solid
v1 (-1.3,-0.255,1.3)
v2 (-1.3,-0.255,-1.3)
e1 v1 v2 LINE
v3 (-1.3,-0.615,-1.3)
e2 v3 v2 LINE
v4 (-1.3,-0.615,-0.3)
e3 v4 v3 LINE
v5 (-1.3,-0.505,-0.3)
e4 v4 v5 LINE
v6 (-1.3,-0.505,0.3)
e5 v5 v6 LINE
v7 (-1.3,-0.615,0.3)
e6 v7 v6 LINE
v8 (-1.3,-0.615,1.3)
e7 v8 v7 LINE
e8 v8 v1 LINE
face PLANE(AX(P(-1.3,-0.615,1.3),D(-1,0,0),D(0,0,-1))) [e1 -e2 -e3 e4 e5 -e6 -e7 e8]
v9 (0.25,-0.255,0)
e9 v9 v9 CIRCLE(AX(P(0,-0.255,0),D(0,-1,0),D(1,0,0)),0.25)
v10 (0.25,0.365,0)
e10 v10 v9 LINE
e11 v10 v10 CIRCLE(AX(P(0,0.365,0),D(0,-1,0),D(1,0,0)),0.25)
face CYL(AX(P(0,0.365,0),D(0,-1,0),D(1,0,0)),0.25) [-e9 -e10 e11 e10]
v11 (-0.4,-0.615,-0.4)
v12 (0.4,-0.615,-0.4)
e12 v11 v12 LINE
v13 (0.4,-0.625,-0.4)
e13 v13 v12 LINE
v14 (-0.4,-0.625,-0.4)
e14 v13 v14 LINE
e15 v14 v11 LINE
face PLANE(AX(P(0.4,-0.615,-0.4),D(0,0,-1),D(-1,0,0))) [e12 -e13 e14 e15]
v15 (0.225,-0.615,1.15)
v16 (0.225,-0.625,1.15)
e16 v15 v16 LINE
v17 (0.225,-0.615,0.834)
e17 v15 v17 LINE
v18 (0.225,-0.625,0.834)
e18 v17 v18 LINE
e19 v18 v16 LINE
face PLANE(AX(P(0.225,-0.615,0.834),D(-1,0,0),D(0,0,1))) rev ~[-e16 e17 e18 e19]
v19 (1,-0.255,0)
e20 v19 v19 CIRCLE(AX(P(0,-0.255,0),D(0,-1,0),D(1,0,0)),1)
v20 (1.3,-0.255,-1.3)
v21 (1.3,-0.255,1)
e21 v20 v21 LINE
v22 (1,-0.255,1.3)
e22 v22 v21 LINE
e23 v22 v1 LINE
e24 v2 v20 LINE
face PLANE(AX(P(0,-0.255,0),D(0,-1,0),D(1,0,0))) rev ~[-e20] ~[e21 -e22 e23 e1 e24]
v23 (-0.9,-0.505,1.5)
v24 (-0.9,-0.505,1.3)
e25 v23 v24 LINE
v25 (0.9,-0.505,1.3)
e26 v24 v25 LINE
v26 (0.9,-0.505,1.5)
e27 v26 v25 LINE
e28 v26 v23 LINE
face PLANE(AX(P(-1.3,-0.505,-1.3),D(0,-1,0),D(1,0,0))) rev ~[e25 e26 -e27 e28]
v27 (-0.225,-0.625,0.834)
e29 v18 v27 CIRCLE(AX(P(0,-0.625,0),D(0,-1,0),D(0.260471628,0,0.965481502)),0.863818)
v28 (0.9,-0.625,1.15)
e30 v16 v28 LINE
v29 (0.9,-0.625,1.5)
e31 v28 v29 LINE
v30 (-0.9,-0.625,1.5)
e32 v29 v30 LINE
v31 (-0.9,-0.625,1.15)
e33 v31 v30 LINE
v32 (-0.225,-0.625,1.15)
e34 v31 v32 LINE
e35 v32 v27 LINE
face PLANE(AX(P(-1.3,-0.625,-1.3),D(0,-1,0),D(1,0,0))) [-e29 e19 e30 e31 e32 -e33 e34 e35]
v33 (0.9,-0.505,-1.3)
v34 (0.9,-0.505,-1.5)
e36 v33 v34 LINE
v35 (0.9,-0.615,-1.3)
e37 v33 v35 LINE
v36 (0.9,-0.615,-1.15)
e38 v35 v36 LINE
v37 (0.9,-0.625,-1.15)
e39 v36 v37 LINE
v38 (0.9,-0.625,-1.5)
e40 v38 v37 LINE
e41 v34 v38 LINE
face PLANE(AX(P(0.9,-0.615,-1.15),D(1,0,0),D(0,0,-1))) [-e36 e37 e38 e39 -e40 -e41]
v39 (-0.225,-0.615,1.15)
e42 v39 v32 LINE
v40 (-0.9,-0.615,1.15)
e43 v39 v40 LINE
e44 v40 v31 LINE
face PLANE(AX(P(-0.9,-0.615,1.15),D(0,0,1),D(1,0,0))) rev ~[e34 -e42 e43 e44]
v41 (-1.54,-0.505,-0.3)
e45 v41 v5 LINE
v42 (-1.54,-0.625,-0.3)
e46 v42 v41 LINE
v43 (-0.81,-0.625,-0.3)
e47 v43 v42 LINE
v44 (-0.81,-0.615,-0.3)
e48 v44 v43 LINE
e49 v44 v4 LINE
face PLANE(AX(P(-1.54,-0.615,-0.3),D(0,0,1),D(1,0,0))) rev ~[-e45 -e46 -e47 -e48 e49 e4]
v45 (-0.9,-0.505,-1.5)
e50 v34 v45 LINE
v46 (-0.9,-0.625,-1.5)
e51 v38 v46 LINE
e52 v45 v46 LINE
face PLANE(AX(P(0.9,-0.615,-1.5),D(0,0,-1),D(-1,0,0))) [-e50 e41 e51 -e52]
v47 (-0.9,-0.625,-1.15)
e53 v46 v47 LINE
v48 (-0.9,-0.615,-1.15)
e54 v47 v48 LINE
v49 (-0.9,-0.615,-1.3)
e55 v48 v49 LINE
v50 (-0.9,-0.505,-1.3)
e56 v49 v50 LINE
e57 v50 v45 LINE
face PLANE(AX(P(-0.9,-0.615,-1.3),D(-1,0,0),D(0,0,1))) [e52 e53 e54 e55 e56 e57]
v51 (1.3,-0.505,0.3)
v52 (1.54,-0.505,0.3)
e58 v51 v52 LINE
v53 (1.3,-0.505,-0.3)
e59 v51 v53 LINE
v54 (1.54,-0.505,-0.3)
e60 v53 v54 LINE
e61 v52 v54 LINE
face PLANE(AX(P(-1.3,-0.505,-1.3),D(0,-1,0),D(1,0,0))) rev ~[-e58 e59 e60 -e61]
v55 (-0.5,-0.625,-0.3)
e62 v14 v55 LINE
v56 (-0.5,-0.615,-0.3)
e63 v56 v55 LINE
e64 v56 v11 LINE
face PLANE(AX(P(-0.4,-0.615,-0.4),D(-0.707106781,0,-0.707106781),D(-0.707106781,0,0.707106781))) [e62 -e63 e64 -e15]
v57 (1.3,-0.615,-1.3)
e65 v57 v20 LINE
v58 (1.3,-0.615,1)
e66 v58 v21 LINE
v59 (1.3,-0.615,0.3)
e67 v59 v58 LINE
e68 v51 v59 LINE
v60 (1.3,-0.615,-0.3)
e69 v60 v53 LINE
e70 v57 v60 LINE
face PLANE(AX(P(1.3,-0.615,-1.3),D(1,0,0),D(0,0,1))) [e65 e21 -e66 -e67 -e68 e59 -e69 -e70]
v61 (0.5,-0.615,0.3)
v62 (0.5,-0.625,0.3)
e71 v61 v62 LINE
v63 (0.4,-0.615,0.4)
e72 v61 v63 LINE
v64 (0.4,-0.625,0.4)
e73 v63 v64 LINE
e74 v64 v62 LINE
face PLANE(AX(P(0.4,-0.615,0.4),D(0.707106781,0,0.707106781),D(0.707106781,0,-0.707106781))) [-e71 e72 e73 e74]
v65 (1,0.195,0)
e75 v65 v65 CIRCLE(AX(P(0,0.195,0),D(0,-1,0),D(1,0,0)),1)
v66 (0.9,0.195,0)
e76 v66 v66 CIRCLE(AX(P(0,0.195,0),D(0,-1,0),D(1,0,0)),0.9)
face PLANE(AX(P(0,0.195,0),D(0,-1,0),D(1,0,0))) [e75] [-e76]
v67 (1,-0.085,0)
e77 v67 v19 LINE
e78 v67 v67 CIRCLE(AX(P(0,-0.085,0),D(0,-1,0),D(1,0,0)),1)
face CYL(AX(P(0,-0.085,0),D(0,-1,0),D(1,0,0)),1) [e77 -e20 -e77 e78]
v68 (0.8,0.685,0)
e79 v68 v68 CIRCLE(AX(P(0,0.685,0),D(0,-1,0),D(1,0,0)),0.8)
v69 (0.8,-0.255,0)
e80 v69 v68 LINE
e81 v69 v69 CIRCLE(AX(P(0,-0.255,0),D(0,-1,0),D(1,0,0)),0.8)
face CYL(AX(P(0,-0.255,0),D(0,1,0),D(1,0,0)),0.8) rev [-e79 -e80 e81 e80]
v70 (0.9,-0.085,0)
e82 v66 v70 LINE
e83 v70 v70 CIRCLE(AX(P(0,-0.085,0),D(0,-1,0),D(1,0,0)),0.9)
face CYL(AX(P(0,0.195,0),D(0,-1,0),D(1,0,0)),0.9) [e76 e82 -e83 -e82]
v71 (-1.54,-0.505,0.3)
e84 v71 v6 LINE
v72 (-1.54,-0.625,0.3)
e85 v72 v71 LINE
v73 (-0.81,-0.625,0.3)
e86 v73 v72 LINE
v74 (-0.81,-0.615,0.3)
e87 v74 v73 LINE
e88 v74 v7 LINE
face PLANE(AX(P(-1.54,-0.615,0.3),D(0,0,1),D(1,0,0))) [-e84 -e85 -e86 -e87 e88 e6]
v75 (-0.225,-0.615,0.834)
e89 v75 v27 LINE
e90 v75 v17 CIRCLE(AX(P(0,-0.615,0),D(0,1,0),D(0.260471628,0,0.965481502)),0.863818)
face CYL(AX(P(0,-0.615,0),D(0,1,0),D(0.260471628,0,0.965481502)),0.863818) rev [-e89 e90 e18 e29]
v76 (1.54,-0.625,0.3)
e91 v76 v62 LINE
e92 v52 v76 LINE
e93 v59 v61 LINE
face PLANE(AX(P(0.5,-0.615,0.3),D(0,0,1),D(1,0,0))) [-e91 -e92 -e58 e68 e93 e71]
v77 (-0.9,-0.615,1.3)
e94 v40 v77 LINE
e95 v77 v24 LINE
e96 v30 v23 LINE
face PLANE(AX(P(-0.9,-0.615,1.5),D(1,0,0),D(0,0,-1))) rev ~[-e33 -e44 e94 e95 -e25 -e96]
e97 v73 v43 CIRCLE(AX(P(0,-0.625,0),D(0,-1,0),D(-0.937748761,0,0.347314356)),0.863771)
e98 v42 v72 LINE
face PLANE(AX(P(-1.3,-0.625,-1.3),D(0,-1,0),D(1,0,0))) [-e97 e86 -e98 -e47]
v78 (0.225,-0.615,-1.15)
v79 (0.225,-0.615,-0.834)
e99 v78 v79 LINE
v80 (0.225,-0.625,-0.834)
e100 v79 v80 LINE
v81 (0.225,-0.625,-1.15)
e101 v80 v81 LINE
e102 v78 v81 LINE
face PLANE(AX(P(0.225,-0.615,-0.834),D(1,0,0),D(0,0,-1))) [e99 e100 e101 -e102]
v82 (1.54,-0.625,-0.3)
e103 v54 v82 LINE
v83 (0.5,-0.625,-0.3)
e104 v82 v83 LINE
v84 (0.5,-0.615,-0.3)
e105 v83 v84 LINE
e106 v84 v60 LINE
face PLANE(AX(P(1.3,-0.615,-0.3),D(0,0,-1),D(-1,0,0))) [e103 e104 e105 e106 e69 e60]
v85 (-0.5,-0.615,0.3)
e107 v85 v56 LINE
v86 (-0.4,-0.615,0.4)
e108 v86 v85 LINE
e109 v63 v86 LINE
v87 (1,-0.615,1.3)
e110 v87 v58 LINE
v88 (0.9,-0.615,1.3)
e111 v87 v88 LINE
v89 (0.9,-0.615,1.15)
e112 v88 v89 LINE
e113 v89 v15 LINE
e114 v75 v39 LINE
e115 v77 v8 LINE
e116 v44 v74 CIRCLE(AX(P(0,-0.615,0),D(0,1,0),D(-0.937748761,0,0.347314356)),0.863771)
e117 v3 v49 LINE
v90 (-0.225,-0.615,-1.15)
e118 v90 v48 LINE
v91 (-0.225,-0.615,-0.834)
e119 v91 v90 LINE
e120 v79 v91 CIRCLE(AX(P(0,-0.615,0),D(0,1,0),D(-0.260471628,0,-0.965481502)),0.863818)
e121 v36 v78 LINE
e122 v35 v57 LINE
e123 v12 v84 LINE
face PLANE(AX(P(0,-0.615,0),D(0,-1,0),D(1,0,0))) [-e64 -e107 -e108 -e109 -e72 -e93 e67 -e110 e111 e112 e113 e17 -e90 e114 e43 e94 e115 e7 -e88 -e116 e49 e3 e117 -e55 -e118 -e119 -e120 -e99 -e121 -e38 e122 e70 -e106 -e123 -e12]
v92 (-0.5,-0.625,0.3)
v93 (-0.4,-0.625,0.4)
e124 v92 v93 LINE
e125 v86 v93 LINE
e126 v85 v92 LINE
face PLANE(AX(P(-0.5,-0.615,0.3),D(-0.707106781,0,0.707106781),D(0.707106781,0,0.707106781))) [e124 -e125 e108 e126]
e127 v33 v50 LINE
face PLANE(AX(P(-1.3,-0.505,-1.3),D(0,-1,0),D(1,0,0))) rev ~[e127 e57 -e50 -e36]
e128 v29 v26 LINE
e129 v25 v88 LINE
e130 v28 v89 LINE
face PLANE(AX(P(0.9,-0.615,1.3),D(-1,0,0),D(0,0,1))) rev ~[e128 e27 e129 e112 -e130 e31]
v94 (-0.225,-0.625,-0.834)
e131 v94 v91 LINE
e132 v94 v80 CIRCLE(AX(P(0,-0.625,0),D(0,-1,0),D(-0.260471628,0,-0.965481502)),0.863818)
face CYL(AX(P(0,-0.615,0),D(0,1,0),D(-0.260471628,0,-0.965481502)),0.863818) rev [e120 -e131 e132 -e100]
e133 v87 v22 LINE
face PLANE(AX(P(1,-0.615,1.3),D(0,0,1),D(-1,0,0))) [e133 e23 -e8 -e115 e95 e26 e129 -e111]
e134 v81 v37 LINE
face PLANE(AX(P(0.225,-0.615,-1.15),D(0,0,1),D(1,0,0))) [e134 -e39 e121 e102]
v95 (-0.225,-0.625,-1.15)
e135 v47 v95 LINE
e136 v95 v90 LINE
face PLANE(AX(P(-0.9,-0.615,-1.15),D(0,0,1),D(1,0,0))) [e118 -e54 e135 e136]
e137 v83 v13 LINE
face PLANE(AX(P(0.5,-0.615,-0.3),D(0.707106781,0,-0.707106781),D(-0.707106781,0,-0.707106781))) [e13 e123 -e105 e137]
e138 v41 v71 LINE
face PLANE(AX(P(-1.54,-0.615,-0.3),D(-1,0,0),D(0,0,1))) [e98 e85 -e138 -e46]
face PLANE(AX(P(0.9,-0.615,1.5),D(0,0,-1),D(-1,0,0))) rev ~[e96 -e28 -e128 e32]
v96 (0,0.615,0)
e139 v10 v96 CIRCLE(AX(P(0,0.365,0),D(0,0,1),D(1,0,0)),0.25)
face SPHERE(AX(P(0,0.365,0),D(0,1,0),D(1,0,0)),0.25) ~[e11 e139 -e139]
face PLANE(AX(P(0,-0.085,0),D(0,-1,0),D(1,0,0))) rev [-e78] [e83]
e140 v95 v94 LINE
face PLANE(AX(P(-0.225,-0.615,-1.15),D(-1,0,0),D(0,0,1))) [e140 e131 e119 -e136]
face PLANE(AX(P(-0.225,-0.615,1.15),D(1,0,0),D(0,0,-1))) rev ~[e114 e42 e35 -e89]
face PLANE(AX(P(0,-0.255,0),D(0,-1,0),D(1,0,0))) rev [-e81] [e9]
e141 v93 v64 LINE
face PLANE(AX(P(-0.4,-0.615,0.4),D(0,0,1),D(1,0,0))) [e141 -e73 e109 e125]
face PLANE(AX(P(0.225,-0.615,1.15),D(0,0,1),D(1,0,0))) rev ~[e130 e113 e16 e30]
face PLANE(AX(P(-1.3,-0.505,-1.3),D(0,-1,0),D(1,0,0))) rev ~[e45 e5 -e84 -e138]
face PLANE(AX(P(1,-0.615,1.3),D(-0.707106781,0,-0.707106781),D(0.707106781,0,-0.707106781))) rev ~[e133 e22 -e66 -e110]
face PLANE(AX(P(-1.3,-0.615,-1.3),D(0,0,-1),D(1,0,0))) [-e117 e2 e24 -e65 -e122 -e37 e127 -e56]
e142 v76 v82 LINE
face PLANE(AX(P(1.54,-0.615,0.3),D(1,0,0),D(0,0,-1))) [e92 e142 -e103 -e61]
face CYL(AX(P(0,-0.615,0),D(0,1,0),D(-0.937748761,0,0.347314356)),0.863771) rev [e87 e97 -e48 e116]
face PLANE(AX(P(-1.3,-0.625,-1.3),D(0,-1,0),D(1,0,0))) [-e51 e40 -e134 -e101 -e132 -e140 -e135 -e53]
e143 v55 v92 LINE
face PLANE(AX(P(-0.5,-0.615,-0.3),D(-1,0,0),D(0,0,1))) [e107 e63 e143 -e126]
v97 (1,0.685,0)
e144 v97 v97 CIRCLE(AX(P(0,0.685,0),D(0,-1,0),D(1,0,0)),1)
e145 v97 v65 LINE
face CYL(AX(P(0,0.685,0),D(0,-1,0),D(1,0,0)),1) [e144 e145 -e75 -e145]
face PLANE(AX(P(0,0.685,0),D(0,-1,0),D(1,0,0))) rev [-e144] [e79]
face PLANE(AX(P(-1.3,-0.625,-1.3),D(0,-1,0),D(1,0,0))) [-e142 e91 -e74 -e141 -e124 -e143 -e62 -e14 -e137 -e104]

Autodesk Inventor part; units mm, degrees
ref_plane "YZ Plane" through (0, 0, 0) normal (1, 0, 0) x (0, 1, 0)
ref_plane "XZ Plane" through (0, 0, 0) normal (0, 1, 0) x (-1, 0, 0)
ref_plane "XY Plane" through (0, 0, 0) normal (0, 0, 1) x (1, 0, 0)
sketch "Sketch1" plane through (0, 0, 0) normal (0, 0, 1) x (1, 0, 0)
  line L0 (0, 0.615) -> (0, -0.615)
  arc A0 (0.25, 0.365) -> (0, 0.615) centre (0, 0.365) ccw
  line L1 (0.25, 0.365) -> (0.25, -0.255)
  line L2 (0.25, -0.255) -> (0.8, -0.255)
  line L3 (0.8, -0.255) -> (0.8, 0.685)
  line L4 (0.8, 0.685) -> (1, 0.685)
  line L5 (1, 0.685) -> (1, 0.195)
  line L6 (1, 0.195) -> (0.9, 0.195)
  line L7 (0.9, 0.195) -> (0.9, -0.085)
  line L8 (0.9, -0.085) -> (1, -0.085)
  line L9 (1, -0.085) -> (1, -0.615)
  line L10 (1, -0.615) -> (0, -0.615)
  point P0 (0, 0)
  point P1 (0, 0)
  dimension "d0" = 1.23
  dimension "d1" = 0.5
  dimension "d2" = 1.6
  dimension "d3" = 2
  dimension "d4" = 1.3
  dimension "d5" = 0.49
  dimension "d6" = 0.28
  dimension "d7" = 0.1
  dimension "d8" = 0.36
revolve "Revolution1" add sketch "Sketch1" angle 360 about axis through (0, 0.615, 0) along (0, -1, 0)
sketch "Sketch2" plane through (0, -0.615, 0) normal (0, -1, 0) x (1, 0, 0)
  line L0 (-1.3, -1.3) -> (1.3, -1.3)
  line L1 (1.3, -1.3) -> (1.3, 1)
  line L2 (1, 1.3) -> (-1.3, 1.3)
  line L3 (-1.3, 1.3) -> (-1.3, -1.3)
  circle A0 centre (0, 0) radius 0.25 projected
  line L4 (-1.3, -1.3) -> (1.3, 1.3) construction
  line L5 (1.3, -1.3) -> (-1.3, 1.3) construction
  line L6 (1, 1.3) -> (1.3, 1)
  point P0 (0, 0)
  dimension "d10" = 2.6
  dimension "d11" = 0.3
  dimension "d12" = 0.3
extrude "Extrusion1" add sketch "Sketch2" against normal blind 0.36 contours L3 L2 L6 L1 L0 | A0
sketch "Sketch3" plane through (-1.3, -0.615, -1.3) normal (0, -1, 0) x (1, 0, 0)
  line L0 (0, 0) -> (2.6, 0) projected
  line L1 (2.6, 0) -> (2.6, 2.3) projected
  line L2 (2.6, 2.3) -> (2.3, 2.6) projected
  line L3 (2.3, 2.6) -> (0, 2.6) projected
  line L4 (0, 2.6) -> (0, 0) projected
  line L5 (2.84, 1.6) -> (2.84, 1)
  line L6 (2.84, 1) -> (1.8, 1)
  line L7 (1.8, 1) -> (1.7, 0.9)
  line L8 (1.7, 0.9) -> (0.9, 0.9)
  line L9 (0.9, 0.9) -> (0.8, 1)
  line L10 (0.8, 1) -> (0.8, 1.6)
  line L11 (0.8, 1.6) -> (0.9, 1.7)
  line L12 (0.9, 1.7) -> (1.7, 1.7)
  line L13 (1.7, 1.7) -> (1.8, 1.6)
  line L14 (1.8, 1.6) -> (2.84, 1.6)
  line L15 (-0.24, 1) -> (0.49, 1)
  line L16 (-0.24, 1) -> (-0.24, 1.6)
  line L17 (-0.24, 1.6) -> (0.49, 1.6)
  line L18 (1.525, 2.134) -> (1.525, 2.45)
  line L19 (1.525, 2.45) -> (2.2, 2.45)
  line L20 (2.2, 2.45) -> (2.2, 2.8)
  line L21 (2.2, 2.8) -> (0.4, 2.8)
  line L22 (0.4, 2.8) -> (0.4, 2.45)
  line L23 (0.4, 2.45) -> (1.075, 2.45)
  line L24 (1.075, 2.45) -> (1.075, 2.134)
  line L25 (1.525, 0.466) -> (1.525, 0.15)
  line L26 (1.525, 0.15) -> (2.2, 0.15)
  line L27 (2.2, 0.15) -> (2.2, -0.2)
  line L28 (2.2, -0.2) -> (0.4, -0.2)
  line L29 (0.4, -0.2) -> (0.4, 0.15)
  line L30 (0.4, 0.15) -> (1.075, 0.15)
  line L31 (1.075, 0.15) -> (1.075, 0.466)
  arc A0 (1.525, 2.134) -> (1.075, 2.134) centre (1.3, 1.3) ccw
  arc A1 (0.49, 1.6) -> (0.49, 1) centre (1.3, 1.3) ccw
  arc A2 (1.075, 0.466) -> (1.525, 0.466) centre (1.3, 1.3) ccw
  line L32 (1.3, 0) -> (1.3, 2.6) construction
  line L33 (0, 2.6) -> (2.3, 2.6) construction
  point P0 (1.3, 1.7)
  point P1 (1.3, 0.9)
  point P2 (1.3, -0.2)
  point P3 (1.3, 2.8)
  point P4 (0.8, 1.3)
  point P5 (2.84, 1.3)
  point P6 (-0.24, 1.3)
  dimension "d15" = 3
  dimension "d16" = 0.35
  dimension "d17" = 1.8
  dimension "d18" = 0.45
  dimension "d19" = 0.6
  dimension "d20" = 3.08
  dimension "d21" = 0.73
  dimension "d22" = 0.8
  dimension "d23" = 1
extrude "Extrusion2" add sketch "Sketch3" along normal blind 0.01 and the other way blind 0.11 contours L29 L30 L31 A2 L25 L26 L27 L0 | L0 L27 L28 L29 | L15 L16 L17 L4 | L4 L17 A1 L15 | L6 L7 L8 L9 L10 L11 L12 L13 L14 L1 | L1 L14 L5 L6 | L22 L21 L20 L3 | L3 L20 L19 L18 A0 L24 L23 L22
equation "\"d12\" = d11"
properties part number "U.FL_Male" material "ABS Plastic"
